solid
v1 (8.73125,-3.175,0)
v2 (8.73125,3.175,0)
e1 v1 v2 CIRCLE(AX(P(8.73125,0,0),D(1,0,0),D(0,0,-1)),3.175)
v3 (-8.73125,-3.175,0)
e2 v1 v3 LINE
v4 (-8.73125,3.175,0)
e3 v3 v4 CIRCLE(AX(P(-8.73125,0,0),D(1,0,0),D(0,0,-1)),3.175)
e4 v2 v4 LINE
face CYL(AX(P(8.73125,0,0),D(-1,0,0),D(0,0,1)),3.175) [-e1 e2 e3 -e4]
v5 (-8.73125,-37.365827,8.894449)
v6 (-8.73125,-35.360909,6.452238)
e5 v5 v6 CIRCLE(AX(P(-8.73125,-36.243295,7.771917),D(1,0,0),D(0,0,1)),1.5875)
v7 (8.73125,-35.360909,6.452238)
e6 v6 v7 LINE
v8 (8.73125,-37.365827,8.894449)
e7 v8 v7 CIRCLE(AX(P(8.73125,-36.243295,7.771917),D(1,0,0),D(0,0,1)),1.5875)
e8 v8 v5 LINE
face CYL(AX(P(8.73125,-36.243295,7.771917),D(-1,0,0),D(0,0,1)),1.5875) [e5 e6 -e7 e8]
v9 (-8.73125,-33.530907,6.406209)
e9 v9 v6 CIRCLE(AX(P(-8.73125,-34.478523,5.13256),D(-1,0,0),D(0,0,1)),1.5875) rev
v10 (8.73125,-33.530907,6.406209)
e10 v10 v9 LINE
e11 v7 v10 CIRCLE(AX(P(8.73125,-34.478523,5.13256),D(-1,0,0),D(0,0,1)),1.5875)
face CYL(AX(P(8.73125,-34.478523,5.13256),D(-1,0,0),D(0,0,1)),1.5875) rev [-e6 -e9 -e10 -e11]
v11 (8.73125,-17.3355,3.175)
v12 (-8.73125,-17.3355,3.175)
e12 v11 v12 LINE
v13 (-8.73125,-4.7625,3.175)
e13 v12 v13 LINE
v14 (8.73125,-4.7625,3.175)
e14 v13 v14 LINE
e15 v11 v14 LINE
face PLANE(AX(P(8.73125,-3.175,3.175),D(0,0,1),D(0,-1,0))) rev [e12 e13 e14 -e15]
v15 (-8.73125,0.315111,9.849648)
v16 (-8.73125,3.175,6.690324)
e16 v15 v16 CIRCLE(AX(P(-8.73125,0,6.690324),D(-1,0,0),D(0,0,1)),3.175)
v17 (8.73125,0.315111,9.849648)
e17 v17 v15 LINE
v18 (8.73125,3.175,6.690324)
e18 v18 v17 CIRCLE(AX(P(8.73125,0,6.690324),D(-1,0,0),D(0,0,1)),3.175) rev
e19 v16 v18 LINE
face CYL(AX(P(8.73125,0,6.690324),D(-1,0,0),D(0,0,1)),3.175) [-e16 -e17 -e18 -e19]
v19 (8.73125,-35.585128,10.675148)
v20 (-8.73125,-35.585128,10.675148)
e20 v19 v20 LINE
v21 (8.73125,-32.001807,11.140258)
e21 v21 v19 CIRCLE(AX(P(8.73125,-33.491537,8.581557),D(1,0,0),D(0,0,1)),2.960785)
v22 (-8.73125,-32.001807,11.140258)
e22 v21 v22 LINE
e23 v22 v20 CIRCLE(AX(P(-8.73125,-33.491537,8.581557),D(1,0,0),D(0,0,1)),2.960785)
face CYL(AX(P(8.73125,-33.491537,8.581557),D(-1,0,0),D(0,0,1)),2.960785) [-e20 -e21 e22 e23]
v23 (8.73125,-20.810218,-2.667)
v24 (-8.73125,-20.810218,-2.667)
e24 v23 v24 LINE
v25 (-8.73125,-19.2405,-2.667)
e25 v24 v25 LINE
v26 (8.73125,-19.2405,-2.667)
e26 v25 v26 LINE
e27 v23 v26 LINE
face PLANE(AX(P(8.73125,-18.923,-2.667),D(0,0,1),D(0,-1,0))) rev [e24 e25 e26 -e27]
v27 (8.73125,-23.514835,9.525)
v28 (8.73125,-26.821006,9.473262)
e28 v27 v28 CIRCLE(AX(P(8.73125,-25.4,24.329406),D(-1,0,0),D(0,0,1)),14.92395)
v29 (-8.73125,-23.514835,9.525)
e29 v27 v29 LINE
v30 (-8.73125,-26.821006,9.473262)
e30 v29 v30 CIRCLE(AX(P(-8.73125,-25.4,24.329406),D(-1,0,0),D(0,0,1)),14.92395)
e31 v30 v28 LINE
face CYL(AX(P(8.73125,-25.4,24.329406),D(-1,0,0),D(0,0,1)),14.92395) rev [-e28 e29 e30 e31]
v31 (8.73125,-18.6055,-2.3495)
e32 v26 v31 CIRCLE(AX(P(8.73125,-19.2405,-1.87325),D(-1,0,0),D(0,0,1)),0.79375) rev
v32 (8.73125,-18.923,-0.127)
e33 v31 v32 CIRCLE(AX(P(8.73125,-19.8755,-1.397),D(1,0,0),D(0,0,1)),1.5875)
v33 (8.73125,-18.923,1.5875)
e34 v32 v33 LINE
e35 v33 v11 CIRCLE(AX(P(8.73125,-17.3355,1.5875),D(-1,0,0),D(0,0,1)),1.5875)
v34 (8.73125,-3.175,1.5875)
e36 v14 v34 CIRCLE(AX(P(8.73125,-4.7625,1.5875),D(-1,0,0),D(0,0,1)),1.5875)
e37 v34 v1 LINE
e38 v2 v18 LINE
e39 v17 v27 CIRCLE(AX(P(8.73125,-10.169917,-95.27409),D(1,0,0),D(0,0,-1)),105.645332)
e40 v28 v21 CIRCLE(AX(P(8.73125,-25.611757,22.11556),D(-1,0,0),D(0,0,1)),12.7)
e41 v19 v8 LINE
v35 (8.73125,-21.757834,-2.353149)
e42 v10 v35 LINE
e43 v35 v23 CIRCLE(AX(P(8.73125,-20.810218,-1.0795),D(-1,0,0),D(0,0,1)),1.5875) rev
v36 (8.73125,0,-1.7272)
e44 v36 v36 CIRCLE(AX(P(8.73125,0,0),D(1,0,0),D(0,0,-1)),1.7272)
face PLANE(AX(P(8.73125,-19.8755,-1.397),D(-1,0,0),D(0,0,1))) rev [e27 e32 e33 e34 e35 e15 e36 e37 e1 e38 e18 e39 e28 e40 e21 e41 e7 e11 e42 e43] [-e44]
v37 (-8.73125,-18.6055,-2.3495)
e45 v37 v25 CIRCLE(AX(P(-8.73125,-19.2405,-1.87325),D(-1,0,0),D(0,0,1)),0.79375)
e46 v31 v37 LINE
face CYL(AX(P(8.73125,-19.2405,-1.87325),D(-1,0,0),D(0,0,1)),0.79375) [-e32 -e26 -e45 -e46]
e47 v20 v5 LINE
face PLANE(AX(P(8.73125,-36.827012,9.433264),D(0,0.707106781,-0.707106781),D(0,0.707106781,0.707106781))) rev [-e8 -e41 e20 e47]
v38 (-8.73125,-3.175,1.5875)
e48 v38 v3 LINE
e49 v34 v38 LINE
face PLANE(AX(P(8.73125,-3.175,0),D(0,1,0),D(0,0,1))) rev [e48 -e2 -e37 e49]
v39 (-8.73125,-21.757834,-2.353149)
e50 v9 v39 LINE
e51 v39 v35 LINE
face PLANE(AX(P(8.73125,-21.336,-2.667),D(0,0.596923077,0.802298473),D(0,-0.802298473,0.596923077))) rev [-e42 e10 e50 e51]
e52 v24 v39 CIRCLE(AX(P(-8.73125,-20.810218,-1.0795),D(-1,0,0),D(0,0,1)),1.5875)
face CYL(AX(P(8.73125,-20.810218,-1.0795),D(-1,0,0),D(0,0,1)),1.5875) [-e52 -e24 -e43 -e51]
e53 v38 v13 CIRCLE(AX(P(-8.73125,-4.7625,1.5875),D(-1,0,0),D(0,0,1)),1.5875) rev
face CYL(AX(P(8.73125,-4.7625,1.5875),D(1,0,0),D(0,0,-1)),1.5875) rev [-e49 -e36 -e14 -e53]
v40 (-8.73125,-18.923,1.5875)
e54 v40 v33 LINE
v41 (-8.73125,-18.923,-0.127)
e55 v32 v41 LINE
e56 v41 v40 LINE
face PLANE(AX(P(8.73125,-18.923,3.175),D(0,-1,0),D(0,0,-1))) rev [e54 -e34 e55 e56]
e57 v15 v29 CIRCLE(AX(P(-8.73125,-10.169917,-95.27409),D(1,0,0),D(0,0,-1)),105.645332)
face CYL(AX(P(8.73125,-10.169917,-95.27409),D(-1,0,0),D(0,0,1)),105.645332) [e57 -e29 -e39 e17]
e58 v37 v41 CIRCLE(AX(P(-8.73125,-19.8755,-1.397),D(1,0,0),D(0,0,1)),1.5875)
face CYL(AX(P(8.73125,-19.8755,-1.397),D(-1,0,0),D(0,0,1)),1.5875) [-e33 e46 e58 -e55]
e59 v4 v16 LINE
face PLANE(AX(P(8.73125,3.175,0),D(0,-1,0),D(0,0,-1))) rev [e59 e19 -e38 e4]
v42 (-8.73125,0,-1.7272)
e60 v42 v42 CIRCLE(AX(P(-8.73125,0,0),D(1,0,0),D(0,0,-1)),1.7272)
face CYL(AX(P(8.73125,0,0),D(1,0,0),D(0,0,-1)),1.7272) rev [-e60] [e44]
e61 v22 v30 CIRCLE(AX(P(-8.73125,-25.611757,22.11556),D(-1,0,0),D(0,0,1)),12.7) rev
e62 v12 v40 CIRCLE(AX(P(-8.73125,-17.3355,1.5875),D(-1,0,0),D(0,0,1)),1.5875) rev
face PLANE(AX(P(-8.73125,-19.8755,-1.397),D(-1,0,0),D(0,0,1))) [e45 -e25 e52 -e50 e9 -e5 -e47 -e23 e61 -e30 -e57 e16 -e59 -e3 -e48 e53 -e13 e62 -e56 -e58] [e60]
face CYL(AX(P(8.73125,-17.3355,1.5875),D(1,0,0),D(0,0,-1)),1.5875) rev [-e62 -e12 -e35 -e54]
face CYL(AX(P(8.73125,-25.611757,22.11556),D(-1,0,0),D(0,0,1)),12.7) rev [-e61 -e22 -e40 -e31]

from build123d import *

# Parameters (mm, degrees)
EXTRUDE1_DEPTH              = 8.73125
FILLET1_R                   = 3.175
FILLET2_R                   = 1.5875
FILLET3_R                   = 12.7
FILLET5_R                   = 0.79375
F_29_0_136_DIAMETER_HOLE1_D = 3.4544


with BuildPart() as part:
    # Sketch1 → Extrude1 (new, symmetric)
    with BuildSketch(Plane(origin=(0, 0, 0), x_dir=(0, 0, -1), z_dir=(1, 0, 0))):
        with BuildLine():
            Line((0, 3.175), (-9.525, 3.175))
            ThreePointArc((-9.525, 3.175), (-10.371241591, -10.169917472), (-9.525, -23.514834943))
            ThreePointArc((-9.525, -23.514834943), (-9.557235696, -27.523032937), (-10.655093305, -31.378081441))
            ThreePointArc((-10.655093305, -31.378081441), (-11.542308189, -33.477423108), (-10.675148068, -35.585127786))
            Line((-10.675148068, -35.585127786), (-9.43326403, -36.827011824))
            Line((-9.43326403, -36.827011824), (-8.894448663, -37.365827191))
            ThreePointArc((-8.894448663, -37.365827191), (-6.649384633, -37.365827191), (-6.649384633, -35.120763161))
            Line((-6.649384633, -35.120763161), (-7.1882, -34.581947794))
            Line((-7.1882, -34.581947794), (2.667, -21.336))
            Line((2.667, -21.336), (2.667, -18.923))
            ThreePointArc((2.667, -18.923), (1.397, -18.288), (0.127, -18.923))
            Line((0.127, -18.923), (-3.175, -18.923))
            Line((-3.175, -18.923), (-3.175, -3.175))
            Line((-3.175, -3.175), (0, -3.175))
            ThreePointArc((0, -3.175), (3.175, 0), (0, 3.175))
        make_face()
    extrude(amount=EXTRUDE1_DEPTH, both=True)

    # Fillet1
    fillet1_edges = [part.edges().sort_by_distance(p)[0] for p in [
        (0, 3.175, 9.525),
    ]]
    fillet(fillet1_edges, radius=FILLET1_R)

    # Fillet2
    fillet2_edges = [part.edges().sort_by_distance(p)[0] for p in [
        (0, -3.175, 3.175),
        (0, -34.581947794, 7.1882),
        (0, -21.336, -2.667),
        (0, -18.923, 3.175),
    ]]
    fillet(fillet2_edges, radius=FILLET2_R)

    # Fillet3
    fillet3_edges = [part.edges().sort_by_distance(p)[0] for p in [
        (0, -31.378081441, 10.655093305),
    ]]
    fillet(fillet3_edges, radius=FILLET3_R)

    # Fillet5
    fillet5_edges = [part.edges().sort_by_distance(p)[0] for p in [
        (0, -18.923, -2.667),
    ]]
    fillet(fillet5_edges, radius=FILLET5_R)

    # #29 (0.136) Diameter Hole1 (through all)
    with Locations(Plane(origin=(8.73125, 0, 0), x_dir=(0, 0, -1), z_dir=(1, 0, 0))):
        with Locations((0, 0)):
            Hole(F_29_0_136_DIAMETER_HOLE1_D / 2)


solid = part.part
